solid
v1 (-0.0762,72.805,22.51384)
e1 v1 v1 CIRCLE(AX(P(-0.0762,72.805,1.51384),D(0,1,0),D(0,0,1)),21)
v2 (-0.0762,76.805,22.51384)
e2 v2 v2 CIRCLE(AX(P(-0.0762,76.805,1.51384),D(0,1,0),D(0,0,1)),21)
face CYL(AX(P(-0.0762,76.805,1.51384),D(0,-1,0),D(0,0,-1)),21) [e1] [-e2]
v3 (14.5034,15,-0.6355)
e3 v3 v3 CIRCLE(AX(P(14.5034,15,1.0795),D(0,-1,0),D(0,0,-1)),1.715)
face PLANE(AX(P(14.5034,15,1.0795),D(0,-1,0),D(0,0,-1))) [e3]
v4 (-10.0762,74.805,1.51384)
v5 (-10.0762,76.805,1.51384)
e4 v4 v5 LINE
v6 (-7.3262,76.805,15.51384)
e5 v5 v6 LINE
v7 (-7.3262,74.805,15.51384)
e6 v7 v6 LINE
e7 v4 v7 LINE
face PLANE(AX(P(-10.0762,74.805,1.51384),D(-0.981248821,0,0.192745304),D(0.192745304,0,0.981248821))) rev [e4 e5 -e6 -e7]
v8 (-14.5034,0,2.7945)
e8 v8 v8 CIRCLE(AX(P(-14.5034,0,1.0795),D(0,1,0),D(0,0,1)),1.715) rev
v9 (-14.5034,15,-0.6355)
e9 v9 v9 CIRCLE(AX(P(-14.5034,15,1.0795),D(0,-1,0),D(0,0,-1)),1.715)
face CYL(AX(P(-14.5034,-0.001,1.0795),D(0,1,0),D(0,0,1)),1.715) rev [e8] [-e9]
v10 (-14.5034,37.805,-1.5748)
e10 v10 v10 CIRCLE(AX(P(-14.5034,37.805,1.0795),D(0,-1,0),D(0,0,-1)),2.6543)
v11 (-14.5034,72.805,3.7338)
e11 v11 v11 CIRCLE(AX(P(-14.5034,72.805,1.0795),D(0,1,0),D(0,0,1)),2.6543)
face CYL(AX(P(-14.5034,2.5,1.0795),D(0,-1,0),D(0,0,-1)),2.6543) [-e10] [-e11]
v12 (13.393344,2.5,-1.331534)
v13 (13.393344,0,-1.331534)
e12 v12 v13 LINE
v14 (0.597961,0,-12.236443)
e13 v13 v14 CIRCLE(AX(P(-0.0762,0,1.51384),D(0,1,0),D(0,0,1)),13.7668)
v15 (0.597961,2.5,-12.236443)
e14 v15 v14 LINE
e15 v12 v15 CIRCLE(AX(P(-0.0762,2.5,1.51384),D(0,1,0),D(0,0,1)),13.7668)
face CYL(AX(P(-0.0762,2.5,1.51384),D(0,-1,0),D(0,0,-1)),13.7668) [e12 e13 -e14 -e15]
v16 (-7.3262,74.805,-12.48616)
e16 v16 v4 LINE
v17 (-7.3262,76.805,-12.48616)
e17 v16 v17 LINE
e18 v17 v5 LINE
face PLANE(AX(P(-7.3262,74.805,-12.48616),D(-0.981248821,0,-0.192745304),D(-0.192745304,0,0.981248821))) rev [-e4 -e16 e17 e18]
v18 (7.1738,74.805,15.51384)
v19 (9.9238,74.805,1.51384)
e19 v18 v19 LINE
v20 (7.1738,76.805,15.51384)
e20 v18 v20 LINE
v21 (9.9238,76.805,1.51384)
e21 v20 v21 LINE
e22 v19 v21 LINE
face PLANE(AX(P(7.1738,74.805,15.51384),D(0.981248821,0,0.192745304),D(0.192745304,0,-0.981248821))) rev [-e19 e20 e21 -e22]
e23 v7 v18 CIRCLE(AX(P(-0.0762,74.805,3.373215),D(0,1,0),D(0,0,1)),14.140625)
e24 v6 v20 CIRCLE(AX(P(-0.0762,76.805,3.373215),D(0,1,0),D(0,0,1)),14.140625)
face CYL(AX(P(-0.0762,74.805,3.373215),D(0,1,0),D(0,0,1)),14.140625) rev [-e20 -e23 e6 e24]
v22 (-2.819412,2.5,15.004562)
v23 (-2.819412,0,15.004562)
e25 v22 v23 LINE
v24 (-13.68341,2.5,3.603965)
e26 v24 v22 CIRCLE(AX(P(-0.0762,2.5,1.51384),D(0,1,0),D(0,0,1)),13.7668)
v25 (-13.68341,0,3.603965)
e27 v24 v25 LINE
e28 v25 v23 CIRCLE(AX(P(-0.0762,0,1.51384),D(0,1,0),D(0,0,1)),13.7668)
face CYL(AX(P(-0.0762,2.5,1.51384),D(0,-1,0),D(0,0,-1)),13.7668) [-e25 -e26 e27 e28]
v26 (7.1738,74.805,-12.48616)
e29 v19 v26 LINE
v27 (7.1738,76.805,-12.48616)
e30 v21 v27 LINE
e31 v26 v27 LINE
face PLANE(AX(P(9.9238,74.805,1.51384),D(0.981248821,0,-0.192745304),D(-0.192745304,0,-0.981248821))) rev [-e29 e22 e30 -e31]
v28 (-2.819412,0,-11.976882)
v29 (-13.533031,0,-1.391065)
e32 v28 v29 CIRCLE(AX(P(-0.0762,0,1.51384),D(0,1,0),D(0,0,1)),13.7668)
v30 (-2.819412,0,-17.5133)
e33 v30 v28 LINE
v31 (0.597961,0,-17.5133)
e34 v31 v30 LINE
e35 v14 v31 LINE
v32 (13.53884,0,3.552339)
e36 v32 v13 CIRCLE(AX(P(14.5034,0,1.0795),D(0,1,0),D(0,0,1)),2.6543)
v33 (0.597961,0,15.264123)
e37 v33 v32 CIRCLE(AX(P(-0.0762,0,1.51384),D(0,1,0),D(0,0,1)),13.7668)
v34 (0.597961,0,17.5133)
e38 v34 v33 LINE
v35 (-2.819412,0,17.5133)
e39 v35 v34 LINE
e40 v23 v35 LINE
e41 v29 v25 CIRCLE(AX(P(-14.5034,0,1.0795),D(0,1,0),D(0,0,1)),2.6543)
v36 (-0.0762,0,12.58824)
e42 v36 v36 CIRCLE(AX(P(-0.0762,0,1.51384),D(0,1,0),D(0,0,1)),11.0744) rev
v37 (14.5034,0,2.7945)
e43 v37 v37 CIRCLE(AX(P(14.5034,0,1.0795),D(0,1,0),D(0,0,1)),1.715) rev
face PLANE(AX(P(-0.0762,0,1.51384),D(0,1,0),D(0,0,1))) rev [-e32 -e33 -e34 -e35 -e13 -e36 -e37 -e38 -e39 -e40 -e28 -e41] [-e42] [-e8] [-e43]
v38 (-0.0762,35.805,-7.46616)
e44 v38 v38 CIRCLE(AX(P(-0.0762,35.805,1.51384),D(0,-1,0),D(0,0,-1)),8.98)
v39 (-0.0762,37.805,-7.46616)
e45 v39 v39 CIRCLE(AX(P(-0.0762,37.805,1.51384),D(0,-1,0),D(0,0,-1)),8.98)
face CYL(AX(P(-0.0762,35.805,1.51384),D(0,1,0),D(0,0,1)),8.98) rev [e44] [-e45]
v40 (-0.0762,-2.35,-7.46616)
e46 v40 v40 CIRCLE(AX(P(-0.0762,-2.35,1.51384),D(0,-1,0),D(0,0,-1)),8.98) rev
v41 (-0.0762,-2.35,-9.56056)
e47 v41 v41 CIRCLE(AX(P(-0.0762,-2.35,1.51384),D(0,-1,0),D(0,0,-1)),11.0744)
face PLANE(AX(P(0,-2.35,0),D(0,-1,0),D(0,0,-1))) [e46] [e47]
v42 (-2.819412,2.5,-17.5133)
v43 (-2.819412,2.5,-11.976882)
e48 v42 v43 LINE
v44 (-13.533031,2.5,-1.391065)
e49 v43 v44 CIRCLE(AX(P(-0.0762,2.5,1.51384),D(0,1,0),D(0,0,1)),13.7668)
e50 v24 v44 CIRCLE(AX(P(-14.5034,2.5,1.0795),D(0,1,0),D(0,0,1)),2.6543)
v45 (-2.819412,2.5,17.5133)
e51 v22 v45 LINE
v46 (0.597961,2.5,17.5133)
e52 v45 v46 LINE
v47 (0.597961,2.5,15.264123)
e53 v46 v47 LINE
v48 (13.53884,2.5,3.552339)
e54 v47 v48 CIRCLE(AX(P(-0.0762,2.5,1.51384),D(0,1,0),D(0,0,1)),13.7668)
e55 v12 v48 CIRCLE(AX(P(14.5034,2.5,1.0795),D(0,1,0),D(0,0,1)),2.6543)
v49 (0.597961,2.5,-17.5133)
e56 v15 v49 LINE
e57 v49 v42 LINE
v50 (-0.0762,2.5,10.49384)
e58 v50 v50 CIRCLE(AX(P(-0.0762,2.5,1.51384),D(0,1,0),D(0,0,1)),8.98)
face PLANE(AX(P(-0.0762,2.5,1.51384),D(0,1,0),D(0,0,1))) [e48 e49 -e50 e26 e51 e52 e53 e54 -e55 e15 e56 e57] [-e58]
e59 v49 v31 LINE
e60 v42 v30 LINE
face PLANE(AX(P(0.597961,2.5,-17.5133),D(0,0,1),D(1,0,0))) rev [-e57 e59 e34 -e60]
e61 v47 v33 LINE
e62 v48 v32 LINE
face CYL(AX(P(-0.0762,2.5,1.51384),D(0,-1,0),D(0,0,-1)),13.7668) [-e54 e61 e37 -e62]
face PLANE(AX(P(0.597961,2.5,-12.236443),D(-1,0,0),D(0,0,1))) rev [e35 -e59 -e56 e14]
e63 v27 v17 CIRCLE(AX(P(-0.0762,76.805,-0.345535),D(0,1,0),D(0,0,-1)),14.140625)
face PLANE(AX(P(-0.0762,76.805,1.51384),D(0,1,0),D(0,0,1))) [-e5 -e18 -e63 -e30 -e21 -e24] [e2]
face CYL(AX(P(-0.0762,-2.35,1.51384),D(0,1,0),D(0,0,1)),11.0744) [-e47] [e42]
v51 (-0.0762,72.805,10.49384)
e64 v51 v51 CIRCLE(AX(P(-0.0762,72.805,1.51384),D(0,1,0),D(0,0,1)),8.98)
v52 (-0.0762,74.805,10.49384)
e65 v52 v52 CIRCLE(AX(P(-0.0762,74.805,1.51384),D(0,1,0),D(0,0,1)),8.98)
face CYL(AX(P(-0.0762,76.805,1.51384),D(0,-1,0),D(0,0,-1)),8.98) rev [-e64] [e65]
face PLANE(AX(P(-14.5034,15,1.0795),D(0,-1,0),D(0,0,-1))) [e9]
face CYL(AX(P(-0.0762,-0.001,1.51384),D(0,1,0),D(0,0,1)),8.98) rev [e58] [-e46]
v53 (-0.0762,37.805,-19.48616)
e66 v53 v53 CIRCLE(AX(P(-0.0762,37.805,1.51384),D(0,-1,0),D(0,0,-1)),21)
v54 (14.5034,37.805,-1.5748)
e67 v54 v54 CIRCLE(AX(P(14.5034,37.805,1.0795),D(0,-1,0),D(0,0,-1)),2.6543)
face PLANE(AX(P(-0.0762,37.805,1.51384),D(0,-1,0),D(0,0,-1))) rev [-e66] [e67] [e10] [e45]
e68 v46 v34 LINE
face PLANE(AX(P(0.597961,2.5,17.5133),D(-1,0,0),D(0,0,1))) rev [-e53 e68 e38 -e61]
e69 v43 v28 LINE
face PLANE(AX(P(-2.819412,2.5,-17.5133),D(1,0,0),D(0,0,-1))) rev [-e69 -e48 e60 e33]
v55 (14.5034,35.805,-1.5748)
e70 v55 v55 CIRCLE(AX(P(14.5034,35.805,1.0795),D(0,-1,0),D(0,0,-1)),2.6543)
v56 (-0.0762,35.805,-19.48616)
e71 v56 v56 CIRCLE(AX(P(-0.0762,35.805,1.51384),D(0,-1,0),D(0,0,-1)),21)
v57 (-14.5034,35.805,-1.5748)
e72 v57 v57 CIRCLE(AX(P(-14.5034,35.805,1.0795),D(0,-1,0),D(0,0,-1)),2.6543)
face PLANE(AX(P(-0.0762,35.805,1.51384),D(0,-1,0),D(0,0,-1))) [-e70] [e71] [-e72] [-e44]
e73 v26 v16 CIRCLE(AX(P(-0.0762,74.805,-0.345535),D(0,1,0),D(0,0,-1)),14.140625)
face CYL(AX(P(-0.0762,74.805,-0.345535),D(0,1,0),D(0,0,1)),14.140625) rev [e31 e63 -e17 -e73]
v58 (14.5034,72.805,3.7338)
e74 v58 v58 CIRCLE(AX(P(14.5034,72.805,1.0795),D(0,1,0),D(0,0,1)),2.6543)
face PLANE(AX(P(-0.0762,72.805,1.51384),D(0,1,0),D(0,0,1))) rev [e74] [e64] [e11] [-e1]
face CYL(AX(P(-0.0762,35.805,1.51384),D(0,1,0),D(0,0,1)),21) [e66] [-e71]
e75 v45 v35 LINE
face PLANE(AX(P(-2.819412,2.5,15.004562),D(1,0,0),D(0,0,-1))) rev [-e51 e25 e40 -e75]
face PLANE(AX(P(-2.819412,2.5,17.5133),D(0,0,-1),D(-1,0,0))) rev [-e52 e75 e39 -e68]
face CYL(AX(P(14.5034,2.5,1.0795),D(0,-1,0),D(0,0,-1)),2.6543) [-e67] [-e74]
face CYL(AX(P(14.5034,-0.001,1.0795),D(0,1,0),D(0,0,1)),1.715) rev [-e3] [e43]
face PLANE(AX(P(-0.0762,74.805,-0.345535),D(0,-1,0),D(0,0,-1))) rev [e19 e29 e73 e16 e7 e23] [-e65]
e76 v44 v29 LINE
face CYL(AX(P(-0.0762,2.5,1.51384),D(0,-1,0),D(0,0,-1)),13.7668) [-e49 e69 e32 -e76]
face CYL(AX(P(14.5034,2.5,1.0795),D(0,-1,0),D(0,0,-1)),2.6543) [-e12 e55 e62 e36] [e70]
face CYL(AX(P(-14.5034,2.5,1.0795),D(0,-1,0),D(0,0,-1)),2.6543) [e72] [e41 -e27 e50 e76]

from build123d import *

# Parameters (mm, degrees)
BOSS_EXTRUDE1_DEPTH = 2.5
CUT_EXTRUDE1_REACH  = 26.645
SKETCH2_R           = 1.715
SKETCH2_R_2         = 8.98
SKETCH3_R           = 2.6543
BOSS_EXTRUDE2_DEPTH = 70.305
BOSS_EXTRUDE3_START = 4
SKETCH4_R           = 21
SKETCH4_R_2         = 8.98
BOSS_EXTRUDE3_DEPTH = 4
SKETCH6_R           = 21
SKETCH6_R_2         = 8.98
BOSS_EXTRUDE4_DEPTH = 2
CUT_EXTRUDE3_START  = -15
SKETCH7_R           = 1.715
CUT_EXTRUDE3_DEPTH  = 15
SKETCH8_R           = 8.98
CUT_EXTRUDE4_DEPTH  = 2
SKETCH9_R           = 11.0744
SKETCH9_R_2         = 8.98
BOSS_EXTRUDE5_DEPTH = 2.35


with BuildPart() as part:
    # Sketch1 → Boss-Extrude1 (new body)
    with BuildSketch(Plane(origin=(0, 0, 0), x_dir=(1, 0, 0), z_dir=(0, 1, 0))):
        with BuildLine():
            Line((0.597960958, 12.236443242), (0.597960958, 17.5133))
            Line((0.597960958, 17.5133), (-2.819411684, 17.5133))
            Line((-2.819411684, 17.5133), (-2.819411684, 11.976881697))
            ThreePointArc((-2.819411684, 11.976881697), (-9.752212861, 8.278991937), (-13.533031252, 1.391065316))
            ThreePointArc((-13.533031252, 1.391065316), (-17.156497956, -0.999626805), (-13.683409812, -3.603965207))
            ThreePointArc((-13.683409812, -3.603965207), (-10.042516815, -11.01106651), (-2.819411684, -15.004561697))
            Line((-2.819411684, -15.004561697), (-2.819411684, -17.5133))
            Line((-2.819411684, -17.5133), (0.597960958, -17.5133))
            Line((0.597960958, -17.5133), (0.597960958, -15.264123242))
            ThreePointArc((0.597960958, -15.264123242), (9.161591247, -11.721092084), (13.538839655, -3.55233882))
            ThreePointArc((13.538839655, -3.55233882), (17.156522938, -1.000460972), (13.393344487, 1.331534062))
            ThreePointArc((13.393344487, 1.331534062), (8.853545908, 8.96396608), (0.597960958, 12.236443242))
        make_face()
    extrude(amount=BOSS_EXTRUDE1_DEPTH)

    # Sketch2 → Cut-Extrude1 (cut, up to next)
    with BuildSketch(Plane(origin=(0, 2.5, 0), x_dir=(1, 0, 0), z_dir=(0, 1, 0)), mode=Mode.PRIVATE) as cut_extrude1_sk1:
        with Locations(Location((-14.5034, -1.0795, 0), (0, 0, 270))):
            Circle(SKETCH2_R)
    cut_extrude1_tool1 = extrude(cut_extrude1_sk1.sketch, amount=-CUT_EXTRUDE1_REACH, mode=Mode.PRIVATE) & part.part
    # Sketch2 → Cut-Extrude1 (cut, up to next)
    with BuildSketch(Plane(origin=(0, 2.5, 0), x_dir=(1, 0, 0), z_dir=(0, 1, 0)), mode=Mode.PRIVATE) as cut_extrude1_sk2:
        with Locations(Location((14.5034, -1.0795, 0), (0, 0, 270))):
            Circle(SKETCH2_R)
    cut_extrude1_tool2 = extrude(cut_extrude1_sk2.sketch, amount=-CUT_EXTRUDE1_REACH, mode=Mode.PRIVATE) & part.part
    # Sketch2 → Cut-Extrude1 (cut, up to next)
    with BuildSketch(Plane(origin=(0, 2.5, 0), x_dir=(1, 0, 0), z_dir=(0, 1, 0)), mode=Mode.PRIVATE) as cut_extrude1_sk3:
        with Locations(Location((-0.0762, -1.51384, 0), (0, 0, 270))):
            Circle(SKETCH2_R_2)
    cut_extrude1_tool3 = extrude(cut_extrude1_sk3.sketch, amount=-CUT_EXTRUDE1_REACH, mode=Mode.PRIVATE) & part.part
    add(cut_extrude1_tool1.solids().sort_by_distance((-14.5034, 2.5, 1.0795))[0], mode=Mode.SUBTRACT)
    add(cut_extrude1_tool2.solids().sort_by_distance((14.5034, 2.5, 1.0795))[0], mode=Mode.SUBTRACT)
    add(cut_extrude1_tool3.solids().sort_by_distance((-0.0762, 2.5, 1.51384))[0], mode=Mode.SUBTRACT)

    # Sketch3 → Boss-Extrude2 (add)
    with BuildSketch(Plane(origin=(0, 2.5, 0), x_dir=(1, 0, 0), z_dir=(0, 1, 0))):
        with Locations(Location((-14.5034, -1.0795, 0), (0, 0, 68.556492541))):
            Circle(SKETCH3_R)
        with Locations(Location((14.5034, -1.0795, 0), (0, 0, 114.72164566))):
            Circle(SKETCH3_R)
    extrude(amount=BOSS_EXTRUDE2_DEPTH)

    # Sketch4 → Boss-Extrude3 (add)
    with BuildSketch(Plane(origin=(0, 72.805, 0), x_dir=(1, 0, 0), z_dir=(0, 1, 0)).offset(BOSS_EXTRUDE3_START)):
        with Locations(Location((-0.0762, -1.51384, 0), (0, 0, 270))):
            Circle(SKETCH4_R)
        with Locations(Location((-0.0762, -1.51384, 0), (0, 0, 270))):
            Circle(SKETCH4_R_2, mode=Mode.SUBTRACT)
    extrude(amount=-BOSS_EXTRUDE3_DEPTH)

    # Sketch6 → Boss-Extrude4 (add)
    with BuildSketch(Plane(origin=(0, 37.805, 0), x_dir=(-1, 0, 0), z_dir=(0, -1, 0))):
        with Locations(Location((0.0762, -1.51384, 0), (0, 0, 90))):
            Circle(SKETCH6_R)
        with Locations(Location((0.0762, -1.51384, 0), (0, 0, 270))):
            Circle(SKETCH6_R_2, mode=Mode.SUBTRACT)
    extrude(amount=BOSS_EXTRUDE4_DEPTH)

    # Sketch7 → Cut-Extrude3 (cut)
    with BuildSketch(Plane.XZ.offset(CUT_EXTRUDE3_START)):
        with Locations(Location((-14.5034, 1.0795, 0), (0, 0, 90))):
            Circle(SKETCH7_R)
        with Locations(Location((14.5034, 1.0795, 0), (0, 0, 90))):
            Circle(SKETCH7_R)
    extrude(amount=CUT_EXTRUDE3_DEPTH, mode=Mode.SUBTRACT)

    # Sketch8 → Cut-Extrude4 (cut)
    with BuildSketch(Plane(origin=(0, 76.805, 0), x_dir=(1, 0, 0), z_dir=(0, 1, 0))):
        with BuildLine():
            Line((-10.0762, -1.51384), (-7.3262, -15.51384))
            ThreePointArc((-7.3262, -15.51384), (-0.0762, -17.51384), (7.1738, -15.51384))
            Line((7.1738, -15.51384), (9.9238, -1.51384))
            Line((9.9238, -1.51384), (7.1738, 12.48616))
            ThreePointArc((7.1738, 12.48616), (-0.0762, 14.48616), (-7.3262, 12.48616))
            Line((-7.3262, 12.48616), (-10.0762, -1.51384))
        make_face()
        with Locations(Location((-0.0762, -1.51384, 0), (0, 0, 270))):
            Circle(SKETCH8_R, mode=Mode.SUBTRACT)
    extrude(amount=-CUT_EXTRUDE4_DEPTH, mode=Mode.SUBTRACT)

    # Sketch9 → Boss-Extrude5 (add)
    with BuildSketch(Plane.XZ):
        with Locations(Location((-0.0762, 1.51384, 0), (0, 0, 90))):
            Circle(SKETCH9_R)
        with Locations(Location((-0.0762, 1.51384, 0), (0, 0, 90))):
            Circle(SKETCH9_R_2, mode=Mode.SUBTRACT)
    extrude(amount=BOSS_EXTRUDE5_DEPTH)


solid = part.part
